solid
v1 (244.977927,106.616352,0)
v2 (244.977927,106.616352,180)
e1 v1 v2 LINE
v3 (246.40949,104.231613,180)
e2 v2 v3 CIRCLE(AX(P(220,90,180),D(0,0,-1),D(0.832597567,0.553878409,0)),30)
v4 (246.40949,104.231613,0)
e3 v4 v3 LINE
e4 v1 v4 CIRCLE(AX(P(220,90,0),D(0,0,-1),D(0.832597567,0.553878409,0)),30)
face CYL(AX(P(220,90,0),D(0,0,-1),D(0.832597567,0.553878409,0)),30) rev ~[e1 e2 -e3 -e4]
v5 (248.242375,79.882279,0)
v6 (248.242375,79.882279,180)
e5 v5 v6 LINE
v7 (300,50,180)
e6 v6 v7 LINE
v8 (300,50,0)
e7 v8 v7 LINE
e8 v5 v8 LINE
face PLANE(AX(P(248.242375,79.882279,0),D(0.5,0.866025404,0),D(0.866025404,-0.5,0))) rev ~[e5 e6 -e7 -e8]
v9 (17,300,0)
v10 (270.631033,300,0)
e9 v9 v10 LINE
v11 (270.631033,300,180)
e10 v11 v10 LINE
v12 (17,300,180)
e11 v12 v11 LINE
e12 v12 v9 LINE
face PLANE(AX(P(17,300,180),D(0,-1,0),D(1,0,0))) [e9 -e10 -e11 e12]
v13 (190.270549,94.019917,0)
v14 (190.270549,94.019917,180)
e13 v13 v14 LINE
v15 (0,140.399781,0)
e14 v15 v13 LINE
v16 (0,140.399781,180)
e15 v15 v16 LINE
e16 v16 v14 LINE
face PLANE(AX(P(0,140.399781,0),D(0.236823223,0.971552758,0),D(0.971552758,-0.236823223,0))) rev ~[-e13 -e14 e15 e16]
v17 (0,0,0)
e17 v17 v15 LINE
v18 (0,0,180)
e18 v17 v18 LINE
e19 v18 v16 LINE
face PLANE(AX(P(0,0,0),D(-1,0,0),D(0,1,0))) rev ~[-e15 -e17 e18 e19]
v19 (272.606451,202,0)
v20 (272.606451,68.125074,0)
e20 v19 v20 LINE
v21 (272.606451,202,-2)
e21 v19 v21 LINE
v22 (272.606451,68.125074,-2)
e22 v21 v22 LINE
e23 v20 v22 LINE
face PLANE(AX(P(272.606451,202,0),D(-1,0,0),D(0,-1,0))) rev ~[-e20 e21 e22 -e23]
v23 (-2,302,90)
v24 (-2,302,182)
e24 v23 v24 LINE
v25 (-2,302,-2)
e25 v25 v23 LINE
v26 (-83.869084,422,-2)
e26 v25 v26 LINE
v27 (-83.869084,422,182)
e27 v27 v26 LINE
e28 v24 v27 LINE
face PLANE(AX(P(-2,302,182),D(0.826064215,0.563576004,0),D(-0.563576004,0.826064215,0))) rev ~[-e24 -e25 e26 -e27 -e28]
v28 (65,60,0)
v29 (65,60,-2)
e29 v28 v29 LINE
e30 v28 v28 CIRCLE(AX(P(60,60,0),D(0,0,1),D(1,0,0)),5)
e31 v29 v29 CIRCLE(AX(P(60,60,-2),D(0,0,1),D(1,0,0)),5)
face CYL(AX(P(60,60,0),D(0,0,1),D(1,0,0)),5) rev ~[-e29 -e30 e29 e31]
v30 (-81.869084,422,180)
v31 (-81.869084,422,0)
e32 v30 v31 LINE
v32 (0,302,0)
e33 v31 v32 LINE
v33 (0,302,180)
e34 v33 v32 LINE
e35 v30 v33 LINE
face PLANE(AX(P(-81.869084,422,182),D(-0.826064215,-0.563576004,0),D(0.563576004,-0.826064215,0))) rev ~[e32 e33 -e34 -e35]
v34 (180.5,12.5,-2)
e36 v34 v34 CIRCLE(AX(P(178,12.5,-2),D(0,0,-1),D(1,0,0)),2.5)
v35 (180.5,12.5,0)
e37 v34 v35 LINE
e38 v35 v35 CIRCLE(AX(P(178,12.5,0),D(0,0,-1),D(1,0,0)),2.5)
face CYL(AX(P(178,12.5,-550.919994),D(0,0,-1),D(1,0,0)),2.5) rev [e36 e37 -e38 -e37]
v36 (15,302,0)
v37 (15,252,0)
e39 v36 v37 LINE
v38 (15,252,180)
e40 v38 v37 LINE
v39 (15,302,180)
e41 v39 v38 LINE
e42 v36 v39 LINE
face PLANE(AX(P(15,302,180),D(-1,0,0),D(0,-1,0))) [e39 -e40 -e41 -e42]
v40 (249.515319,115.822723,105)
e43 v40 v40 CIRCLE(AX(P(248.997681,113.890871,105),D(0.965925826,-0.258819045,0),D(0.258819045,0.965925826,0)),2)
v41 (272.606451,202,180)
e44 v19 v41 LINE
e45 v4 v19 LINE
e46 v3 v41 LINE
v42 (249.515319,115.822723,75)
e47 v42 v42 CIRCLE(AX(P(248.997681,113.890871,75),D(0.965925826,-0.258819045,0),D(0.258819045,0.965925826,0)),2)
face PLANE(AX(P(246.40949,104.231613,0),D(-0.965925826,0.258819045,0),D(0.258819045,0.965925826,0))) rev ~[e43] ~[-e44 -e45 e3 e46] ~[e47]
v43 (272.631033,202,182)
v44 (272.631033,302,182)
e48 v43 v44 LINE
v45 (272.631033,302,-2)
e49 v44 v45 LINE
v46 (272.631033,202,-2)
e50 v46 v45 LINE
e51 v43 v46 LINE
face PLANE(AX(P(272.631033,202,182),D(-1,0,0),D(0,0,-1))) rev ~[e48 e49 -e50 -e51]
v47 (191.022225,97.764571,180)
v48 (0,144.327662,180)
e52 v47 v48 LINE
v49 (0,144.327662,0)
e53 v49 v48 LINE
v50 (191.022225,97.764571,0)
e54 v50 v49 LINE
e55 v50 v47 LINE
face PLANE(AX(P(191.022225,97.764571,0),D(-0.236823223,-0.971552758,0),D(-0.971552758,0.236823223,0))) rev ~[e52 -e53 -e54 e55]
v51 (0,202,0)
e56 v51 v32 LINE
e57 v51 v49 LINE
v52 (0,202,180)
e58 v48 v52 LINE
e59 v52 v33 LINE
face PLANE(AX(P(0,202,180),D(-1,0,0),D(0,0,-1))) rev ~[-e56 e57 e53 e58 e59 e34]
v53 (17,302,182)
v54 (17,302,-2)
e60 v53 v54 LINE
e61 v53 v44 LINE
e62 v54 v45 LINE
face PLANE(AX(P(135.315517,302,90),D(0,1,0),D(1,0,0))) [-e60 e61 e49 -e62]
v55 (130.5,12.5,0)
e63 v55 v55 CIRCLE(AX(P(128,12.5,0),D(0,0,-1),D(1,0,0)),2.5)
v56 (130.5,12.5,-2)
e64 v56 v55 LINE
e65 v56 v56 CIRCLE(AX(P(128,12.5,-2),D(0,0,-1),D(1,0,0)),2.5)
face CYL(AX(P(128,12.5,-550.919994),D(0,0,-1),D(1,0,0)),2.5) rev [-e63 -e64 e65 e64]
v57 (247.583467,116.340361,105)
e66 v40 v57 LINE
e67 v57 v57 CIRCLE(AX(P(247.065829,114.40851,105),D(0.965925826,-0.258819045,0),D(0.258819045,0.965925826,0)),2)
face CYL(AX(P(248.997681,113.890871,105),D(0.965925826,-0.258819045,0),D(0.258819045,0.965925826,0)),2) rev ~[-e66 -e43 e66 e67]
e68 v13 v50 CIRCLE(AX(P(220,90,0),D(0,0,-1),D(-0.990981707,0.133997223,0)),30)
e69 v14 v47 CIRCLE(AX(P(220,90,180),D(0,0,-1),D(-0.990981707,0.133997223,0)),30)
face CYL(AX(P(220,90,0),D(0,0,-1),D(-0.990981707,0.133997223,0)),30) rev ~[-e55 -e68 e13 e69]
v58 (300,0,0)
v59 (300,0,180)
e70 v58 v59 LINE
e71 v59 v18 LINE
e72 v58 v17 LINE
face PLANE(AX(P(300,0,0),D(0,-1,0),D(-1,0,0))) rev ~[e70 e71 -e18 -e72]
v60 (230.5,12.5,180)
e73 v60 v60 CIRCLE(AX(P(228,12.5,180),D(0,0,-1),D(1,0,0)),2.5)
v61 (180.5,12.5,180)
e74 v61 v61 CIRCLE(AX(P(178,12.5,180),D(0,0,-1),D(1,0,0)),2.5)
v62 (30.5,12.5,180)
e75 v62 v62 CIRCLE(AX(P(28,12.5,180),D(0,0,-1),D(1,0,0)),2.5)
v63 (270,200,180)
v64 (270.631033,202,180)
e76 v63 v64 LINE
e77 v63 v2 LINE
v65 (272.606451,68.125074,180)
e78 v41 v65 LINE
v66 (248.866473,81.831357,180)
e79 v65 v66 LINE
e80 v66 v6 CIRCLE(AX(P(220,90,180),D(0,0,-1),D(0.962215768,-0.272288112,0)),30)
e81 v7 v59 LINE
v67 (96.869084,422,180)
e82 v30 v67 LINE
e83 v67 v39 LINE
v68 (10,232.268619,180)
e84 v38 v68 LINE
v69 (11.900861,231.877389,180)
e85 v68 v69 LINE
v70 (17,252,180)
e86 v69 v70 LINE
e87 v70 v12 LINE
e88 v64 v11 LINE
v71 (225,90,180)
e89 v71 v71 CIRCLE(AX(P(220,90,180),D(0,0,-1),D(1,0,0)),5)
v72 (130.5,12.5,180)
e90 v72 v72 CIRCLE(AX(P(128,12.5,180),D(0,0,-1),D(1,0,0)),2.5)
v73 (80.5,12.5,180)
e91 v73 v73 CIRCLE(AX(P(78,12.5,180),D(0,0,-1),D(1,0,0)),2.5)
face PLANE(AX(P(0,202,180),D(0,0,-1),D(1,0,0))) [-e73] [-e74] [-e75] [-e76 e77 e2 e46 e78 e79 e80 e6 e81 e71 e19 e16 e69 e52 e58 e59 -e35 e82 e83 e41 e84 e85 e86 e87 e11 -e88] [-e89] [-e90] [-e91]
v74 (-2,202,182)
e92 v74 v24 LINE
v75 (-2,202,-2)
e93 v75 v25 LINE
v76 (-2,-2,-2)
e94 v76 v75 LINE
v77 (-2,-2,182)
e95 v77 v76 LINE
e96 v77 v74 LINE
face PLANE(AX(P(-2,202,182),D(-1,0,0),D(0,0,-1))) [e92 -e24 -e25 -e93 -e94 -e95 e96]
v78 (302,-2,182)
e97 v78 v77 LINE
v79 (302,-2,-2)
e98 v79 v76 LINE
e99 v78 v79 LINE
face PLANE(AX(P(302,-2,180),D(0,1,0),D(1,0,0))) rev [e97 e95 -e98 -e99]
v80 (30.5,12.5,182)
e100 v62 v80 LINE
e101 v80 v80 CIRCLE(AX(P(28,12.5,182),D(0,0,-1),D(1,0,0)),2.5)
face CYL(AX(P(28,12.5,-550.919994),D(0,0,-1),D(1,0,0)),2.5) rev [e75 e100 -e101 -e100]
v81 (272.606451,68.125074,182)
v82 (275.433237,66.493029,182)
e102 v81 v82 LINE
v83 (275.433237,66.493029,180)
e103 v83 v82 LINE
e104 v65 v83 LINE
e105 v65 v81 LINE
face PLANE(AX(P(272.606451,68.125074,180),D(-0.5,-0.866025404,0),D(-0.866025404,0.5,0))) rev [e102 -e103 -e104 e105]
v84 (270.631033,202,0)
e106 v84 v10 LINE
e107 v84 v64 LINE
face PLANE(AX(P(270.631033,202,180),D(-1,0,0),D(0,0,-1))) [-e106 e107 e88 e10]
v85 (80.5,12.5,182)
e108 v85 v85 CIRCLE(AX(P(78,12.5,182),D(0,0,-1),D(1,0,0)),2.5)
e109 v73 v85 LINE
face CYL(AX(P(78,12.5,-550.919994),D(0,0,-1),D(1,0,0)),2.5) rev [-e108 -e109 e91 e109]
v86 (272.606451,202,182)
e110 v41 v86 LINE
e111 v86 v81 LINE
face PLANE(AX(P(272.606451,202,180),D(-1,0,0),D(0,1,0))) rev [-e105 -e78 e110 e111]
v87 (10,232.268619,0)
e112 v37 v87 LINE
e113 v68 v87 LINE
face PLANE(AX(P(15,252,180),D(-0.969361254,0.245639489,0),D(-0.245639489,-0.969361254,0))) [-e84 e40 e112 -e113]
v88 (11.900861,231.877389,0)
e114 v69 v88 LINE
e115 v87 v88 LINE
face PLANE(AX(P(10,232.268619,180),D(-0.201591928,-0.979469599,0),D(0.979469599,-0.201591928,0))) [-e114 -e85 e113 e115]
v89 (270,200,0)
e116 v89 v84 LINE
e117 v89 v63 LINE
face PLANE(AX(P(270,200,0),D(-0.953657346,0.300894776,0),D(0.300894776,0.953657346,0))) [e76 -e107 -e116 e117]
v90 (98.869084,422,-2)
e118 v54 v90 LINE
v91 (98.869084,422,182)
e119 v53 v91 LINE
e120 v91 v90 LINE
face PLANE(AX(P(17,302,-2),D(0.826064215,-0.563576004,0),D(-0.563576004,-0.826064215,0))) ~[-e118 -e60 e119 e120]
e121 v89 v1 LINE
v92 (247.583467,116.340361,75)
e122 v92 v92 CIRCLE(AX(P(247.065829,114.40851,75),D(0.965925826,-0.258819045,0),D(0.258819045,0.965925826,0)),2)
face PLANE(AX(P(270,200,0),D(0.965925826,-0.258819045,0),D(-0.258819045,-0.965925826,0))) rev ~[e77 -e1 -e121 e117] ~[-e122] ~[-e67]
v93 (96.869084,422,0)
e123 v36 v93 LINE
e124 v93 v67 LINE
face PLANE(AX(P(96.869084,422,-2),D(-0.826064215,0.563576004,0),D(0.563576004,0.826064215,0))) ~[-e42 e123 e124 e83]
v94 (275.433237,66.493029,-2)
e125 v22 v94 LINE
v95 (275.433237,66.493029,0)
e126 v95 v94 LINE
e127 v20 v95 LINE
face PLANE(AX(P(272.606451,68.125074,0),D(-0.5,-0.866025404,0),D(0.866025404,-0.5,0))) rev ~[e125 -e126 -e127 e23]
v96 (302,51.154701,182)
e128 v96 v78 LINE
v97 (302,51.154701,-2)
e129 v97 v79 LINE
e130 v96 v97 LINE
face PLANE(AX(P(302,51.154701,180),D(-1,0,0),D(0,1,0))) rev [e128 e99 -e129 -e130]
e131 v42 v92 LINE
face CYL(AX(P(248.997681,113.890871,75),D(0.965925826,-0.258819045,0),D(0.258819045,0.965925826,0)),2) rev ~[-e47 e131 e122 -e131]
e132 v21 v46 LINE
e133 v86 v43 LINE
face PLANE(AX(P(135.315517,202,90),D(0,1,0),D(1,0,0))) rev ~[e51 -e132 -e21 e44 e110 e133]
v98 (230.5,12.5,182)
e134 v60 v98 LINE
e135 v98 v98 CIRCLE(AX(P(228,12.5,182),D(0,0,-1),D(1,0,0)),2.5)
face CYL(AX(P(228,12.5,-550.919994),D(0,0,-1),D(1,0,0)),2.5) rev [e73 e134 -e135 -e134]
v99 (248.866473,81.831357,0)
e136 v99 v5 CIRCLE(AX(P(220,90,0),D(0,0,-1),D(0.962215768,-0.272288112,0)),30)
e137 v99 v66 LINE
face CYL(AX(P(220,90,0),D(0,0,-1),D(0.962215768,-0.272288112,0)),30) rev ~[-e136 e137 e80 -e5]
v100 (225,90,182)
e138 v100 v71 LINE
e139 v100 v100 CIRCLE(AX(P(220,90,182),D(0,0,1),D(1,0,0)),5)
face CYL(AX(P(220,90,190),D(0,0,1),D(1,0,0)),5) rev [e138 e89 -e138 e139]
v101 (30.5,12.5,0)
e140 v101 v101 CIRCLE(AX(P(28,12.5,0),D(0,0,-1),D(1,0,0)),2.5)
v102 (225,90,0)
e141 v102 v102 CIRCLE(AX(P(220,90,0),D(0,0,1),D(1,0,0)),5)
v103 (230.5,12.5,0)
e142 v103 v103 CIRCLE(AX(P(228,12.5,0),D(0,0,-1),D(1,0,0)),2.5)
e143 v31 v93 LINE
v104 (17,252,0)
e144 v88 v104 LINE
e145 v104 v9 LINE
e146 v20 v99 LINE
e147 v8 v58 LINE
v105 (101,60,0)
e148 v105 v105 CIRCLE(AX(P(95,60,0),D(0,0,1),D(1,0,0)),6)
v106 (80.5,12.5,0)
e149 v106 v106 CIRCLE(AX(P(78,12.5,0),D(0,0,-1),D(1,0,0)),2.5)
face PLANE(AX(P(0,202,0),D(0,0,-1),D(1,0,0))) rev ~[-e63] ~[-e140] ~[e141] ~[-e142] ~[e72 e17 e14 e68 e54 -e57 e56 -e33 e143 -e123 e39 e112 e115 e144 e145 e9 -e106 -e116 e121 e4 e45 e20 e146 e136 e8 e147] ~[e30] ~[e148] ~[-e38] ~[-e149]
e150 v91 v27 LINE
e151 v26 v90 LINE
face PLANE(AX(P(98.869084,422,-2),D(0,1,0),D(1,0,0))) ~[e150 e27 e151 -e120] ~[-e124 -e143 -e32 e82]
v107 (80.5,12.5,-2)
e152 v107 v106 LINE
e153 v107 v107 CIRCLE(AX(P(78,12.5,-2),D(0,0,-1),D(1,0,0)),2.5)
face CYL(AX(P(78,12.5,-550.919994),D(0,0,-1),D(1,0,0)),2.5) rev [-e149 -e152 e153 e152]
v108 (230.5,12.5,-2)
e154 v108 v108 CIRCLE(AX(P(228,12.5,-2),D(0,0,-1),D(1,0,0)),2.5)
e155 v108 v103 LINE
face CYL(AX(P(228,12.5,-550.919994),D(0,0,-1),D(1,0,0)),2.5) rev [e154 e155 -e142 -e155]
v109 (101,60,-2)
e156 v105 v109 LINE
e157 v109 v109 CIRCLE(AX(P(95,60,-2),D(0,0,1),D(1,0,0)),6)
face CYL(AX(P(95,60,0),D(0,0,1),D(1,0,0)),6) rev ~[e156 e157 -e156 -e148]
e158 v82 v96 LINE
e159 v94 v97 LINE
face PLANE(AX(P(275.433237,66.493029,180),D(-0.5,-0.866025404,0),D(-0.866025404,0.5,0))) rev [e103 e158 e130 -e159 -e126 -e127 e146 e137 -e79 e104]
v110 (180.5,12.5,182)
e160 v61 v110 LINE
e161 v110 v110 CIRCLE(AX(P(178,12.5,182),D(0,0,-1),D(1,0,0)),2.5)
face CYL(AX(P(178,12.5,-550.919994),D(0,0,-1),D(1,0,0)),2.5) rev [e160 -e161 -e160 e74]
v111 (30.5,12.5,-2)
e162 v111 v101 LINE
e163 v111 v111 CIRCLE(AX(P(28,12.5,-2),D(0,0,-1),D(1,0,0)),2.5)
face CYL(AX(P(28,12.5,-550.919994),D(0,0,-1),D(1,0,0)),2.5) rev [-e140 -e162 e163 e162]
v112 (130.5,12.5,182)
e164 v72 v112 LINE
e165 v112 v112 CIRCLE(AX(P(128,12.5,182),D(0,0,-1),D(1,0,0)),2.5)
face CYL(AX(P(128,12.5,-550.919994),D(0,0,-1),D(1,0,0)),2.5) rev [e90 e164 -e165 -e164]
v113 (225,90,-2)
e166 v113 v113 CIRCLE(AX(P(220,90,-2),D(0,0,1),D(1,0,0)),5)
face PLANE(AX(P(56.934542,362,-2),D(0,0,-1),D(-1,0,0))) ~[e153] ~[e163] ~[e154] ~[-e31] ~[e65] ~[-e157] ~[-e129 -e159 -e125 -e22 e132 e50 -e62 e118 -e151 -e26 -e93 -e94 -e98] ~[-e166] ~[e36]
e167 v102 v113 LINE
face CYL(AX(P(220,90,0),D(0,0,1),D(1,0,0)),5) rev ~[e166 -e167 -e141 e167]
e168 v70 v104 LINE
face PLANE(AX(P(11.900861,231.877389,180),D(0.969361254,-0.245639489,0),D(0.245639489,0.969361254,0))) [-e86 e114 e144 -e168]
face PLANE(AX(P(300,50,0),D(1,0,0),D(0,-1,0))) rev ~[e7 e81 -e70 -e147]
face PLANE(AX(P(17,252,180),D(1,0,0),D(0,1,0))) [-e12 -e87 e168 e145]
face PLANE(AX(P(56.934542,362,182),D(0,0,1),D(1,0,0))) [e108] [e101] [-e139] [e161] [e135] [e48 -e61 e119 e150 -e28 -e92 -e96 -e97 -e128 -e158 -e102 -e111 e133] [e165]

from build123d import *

# Parameters (mm, degrees)
EXTRUDE_3_DEPTH           = 180
EXTRUDE_4_DEPTH           = 2
EXTRUDE_5_DEPTH           = 180
CUT_EXTRUDE_8_DEPTH       = 6
CUT_EXTRUDE_8_DEPTH_BACK  = 14
SKETCH_10_R               = 5
SKETCH_10_R_2             = 6
CUT_EXTRUDE_9_DEPTH       = 180
SKETCH_11_W               = 274.631033311
SKETCH_11_H               = 184
SKETCH_11_W_2             = 270.631033311
SKETCH_11_H_2             = 180
EXTRUDE_1_DEPTH           = 100
EXTRUDE_START             = -2
EXTRUDE_6_DEPTH           = 92
EXTRUDE_12_DEPTH          = 2
MIRROR_6_COPY_1_DEPTH     = 2
MIRROR_6_COPY_2_DEPTH     = 2
EXTRUDE_13_DEPTH          = 180
SKETCH_19_R               = 5
SKETCH_19_R_2             = 6
CUT_EXTRUDE_10_DEPTH      = 10
CUT_EXTRUDE_START         = -10
SKETCH_20_R               = 5
CUT_EXTRUDE_11_DEPTH      = 10
SKETCH_21_R               = 2
CUT_EXTRUDE_12_DEPTH      = 10
CUT_EXTRUDE_13_DEPTH      = 550.919994181
CUT_EXTRUDE_13_DEPTH_BACK = 550.919994181
SKETCH_22_R               = 2.5


with BuildPart() as part:
    # 草图1 → 凸台-拉伸3 (new body)
    with BuildSketch(Plane.XY):
        with BuildLine():
            Line((300, 0), (0, 0))
            Line((0, 0), (0, 200))
            Line((0, 200), (270, 200))
            Line((270, 200), (244.977927003, 106.616352266))
            ThreePointArc((244.977927003, 106.616352266), (245.721361032, 105.440582458), (246.409490454, 104.231613188))
            Line((246.409490454, 104.231613188), (272.606450746, 202))
            Line((272.606450746, 202), (-2, 202))
            Line((-2, 202), (-2, -2))
            Line((-2, -2), (302, -2))
            Line((302, -2), (302, 51.154700538))
            Line((302, 51.154700538), (248.866473036, 81.831356634))
            ThreePointArc((248.866473036, 81.831356634), (248.571049064, 80.851494363), (248.242374569, 79.882278975))
            Line((248.242374569, 79.882278975), (300, 50))
            Line((300, 50), (300, 0))
        make_face()
    extrude(amount=EXTRUDE_3_DEPTH)

    # 草图7 → 凸台-拉伸4 (add)
    with BuildSketch(Plane(origin=(0, 0, 0), x_dir=(-1, 0, 0), z_dir=(0, 0, -1))):
        Polygon((-272.606450746, 68.125074113), (-275.433236518, 66.493028586), (-302, 51.154700538), (-302, -2), (2, -2), (2, 202), (-272.606450746, 202), align=None)
    extrude_4 = extrude(amount=EXTRUDE_4_DEPTH)

    # 镜向5: 凸台-拉伸4 across plane
    add(extrude_4.mirror(Plane.XY.offset(90)))

    # 草图8 → 凸台-拉伸5 (add)
    with BuildSketch(Plane.XY):
        with BuildLine():
            Line((191.022225211, 97.764571353), (0, 144.327661976))
            Line((0, 144.327661976), (0, 140.399780569))
            Line((0, 140.399780569), (190.270548779, 94.019916677))
            ThreePointArc((190.270548779, 94.019916677), (190.586734182, 95.904218314), (191.022225211, 97.764571353))
        make_face()
    extrude(amount=EXTRUDE_5_DEPTH)

    # 草图10 → 切除-拉伸8 (cut, two sides: drawn at the far end of the back side and taken through both)
    with BuildSketch(Plane.XY.offset(-CUT_EXTRUDE_8_DEPTH_BACK)):
        with Locations(Location((60, 60, 0), (0, 0, 180))):
            Circle(SKETCH_10_R)
        with Locations(Location((95, 60, 0), (0, 0, 180))):
            Circle(SKETCH_10_R_2)
    extrude(amount=CUT_EXTRUDE_8_DEPTH + CUT_EXTRUDE_8_DEPTH_BACK, mode=Mode.SUBTRACT)

    # 草图8<3> → 切除-拉伸9 (cut)
    with BuildSketch(Plane.XY):
        Polygon((0, 200), (270, 200), (270.631033311, 202), (0, 202), align=None)
    extrude(amount=CUT_EXTRUDE_9_DEPTH, mode=Mode.SUBTRACT)

    # 草图11 → 拉伸-薄壁1 (add)
    with BuildSketch(Plane(origin=(0, 202, 0), x_dir=(1, 0, 0), z_dir=(0, 1, 0))):
        with Locations((135.315516656, -90)):
            Rectangle(SKETCH_11_W, SKETCH_11_H)
        with Locations((135.315516656, -90)):
            Rectangle(SKETCH_11_W_2, SKETCH_11_H_2, mode=Mode.SUBTRACT)
    extrude(amount=EXTRUDE_1_DEPTH)

    # 草图12 → 凸台-拉伸6 (add)
    with BuildSketch(Plane(origin=(0, 0, 180), x_dir=(-1, 0, 0), z_dir=(0, 0, -1)).offset(EXTRUDE_START)):
        Polygon((-98.869083806, 422), (-96.869083806, 422), (-15, 302), (-17, 302), align=None)
        Polygon((83.869083806, 422), (81.869083806, 422), (0, 302), (2, 302), align=None)
    extrude_6 = extrude(amount=EXTRUDE_6_DEPTH)

    # 草图16 → 凸台-拉伸12 (add)
    with BuildSketch(Plane.XY.offset(182)):
        Polygon((-83.869083806, 422), (98.869083806, 422), (17, 302), (-2, 302), align=None)
    extrude_12 = extrude(amount=-EXTRUDE_12_DEPTH)

    # 镜向6: 凸台-拉伸6 across plane
    add(extrude_6.mirror(Plane.XY.offset(90)))

    # 镜向6 copy 1 sketch → 镜向6 copy 1 (add)
    with BuildSketch(Plane(origin=(0, 0, 0), x_dir=(-1, 0, 0), z_dir=(0, 0, -1))):
        Polygon((-272.606450746, 68.125074113), (-275.433236518, 66.493028586), (-302, 51.154700538), (-302, -2), (2, -2), (2, 202), (-272.606450746, 202), align=None)
    extrude(amount=MIRROR_6_COPY_1_DEPTH)

    # 镜向6 copy 2 sketch → 镜向6 copy 2 (add)
    with BuildSketch(Plane(origin=(0, 0, 180), x_dir=(-1, 0, 0), z_dir=(0, 0, 1))):
        Polygon((-272.606450746, -68.125074113), (-275.433236518, -66.493028586), (-302, -51.154700538), (-302, 2), (2, 2), (2, -202), (-272.606450746, -202), align=None)
    extrude(amount=MIRROR_6_COPY_2_DEPTH)

    # 镜向7: 凸台-拉伸12 across plane
    add(extrude_12.mirror(Plane.XY.offset(90)))

    # 草图17 → 凸台-拉伸13 (add)
    with BuildSketch(Plane(origin=(0, 0, 180), x_dir=(-1, 0, 0), z_dir=(0, 0, -1))):
        Polygon((-15, 302), (-15, 252), (-10, 232.268619303), (-11.900860885, 231.877388977), (-17, 252), (-17, 300), (-270.631033311, 300), (-270.631033311, 302), (-17, 302), align=None)
    extrude(amount=EXTRUDE_13_DEPTH)

    # 草图19 → 切除-拉伸10 (cut)
    with BuildSketch(Plane.XY):
        with Locations((60, 60)):
            Circle(SKETCH_19_R)
        with Locations((95, 60)):
            Circle(SKETCH_19_R_2)
        with Locations((220, 90)):
            Circle(SKETCH_19_R)
    extrude(amount=-CUT_EXTRUDE_10_DEPTH, mode=Mode.SUBTRACT)

    # 草图20 → 切除-拉伸11 (cut)
    with BuildSketch(Plane(origin=(0, 0, 180), x_dir=(-1, 0, 0), z_dir=(0, 0, -1)).offset(CUT_EXTRUDE_START)):
        with Locations(Location((-220, 90, 0), (0, 0, 180))):
            Circle(SKETCH_20_R)
    extrude(amount=CUT_EXTRUDE_11_DEPTH, mode=Mode.SUBTRACT)

    # 草图21 → 切除-拉伸12 (cut)
    with BuildSketch(Plane(origin=(203.845281163, -54.620178469, 0), x_dir=(0, 0, -1), z_dir=(0.9659258262890673, -0.25881904510252457, 0))):
        with Locations(Location((-105, 174.455476118, 0), (0, 0, 90))):
            Circle(SKETCH_21_R)
        with Locations(Location((-75, 174.455476118, 0), (0, 0, 90))):
            Circle(SKETCH_21_R)
    extrude(amount=-CUT_EXTRUDE_12_DEPTH, mode=Mode.SUBTRACT)

    # 草图22 → 切除-拉伸13 (cut, two sides: drawn at the far end of the back side and taken through both)
    with BuildSketch(Plane.XY.offset(-CUT_EXTRUDE_13_DEPTH_BACK)):
        with Locations((28, 12.5)):
            Circle(SKETCH_22_R)
        with Locations((78, 12.5)):
            Circle(SKETCH_22_R)
        with Locations((128, 12.5)):
            Circle(SKETCH_22_R)
        with Locations((178, 12.5)):
            Circle(SKETCH_22_R)
        with Locations((228, 12.5)):
            Circle(SKETCH_22_R)
    extrude(amount=CUT_EXTRUDE_13_DEPTH + CUT_EXTRUDE_13_DEPTH_BACK, mode=Mode.SUBTRACT)


solid = part.part
